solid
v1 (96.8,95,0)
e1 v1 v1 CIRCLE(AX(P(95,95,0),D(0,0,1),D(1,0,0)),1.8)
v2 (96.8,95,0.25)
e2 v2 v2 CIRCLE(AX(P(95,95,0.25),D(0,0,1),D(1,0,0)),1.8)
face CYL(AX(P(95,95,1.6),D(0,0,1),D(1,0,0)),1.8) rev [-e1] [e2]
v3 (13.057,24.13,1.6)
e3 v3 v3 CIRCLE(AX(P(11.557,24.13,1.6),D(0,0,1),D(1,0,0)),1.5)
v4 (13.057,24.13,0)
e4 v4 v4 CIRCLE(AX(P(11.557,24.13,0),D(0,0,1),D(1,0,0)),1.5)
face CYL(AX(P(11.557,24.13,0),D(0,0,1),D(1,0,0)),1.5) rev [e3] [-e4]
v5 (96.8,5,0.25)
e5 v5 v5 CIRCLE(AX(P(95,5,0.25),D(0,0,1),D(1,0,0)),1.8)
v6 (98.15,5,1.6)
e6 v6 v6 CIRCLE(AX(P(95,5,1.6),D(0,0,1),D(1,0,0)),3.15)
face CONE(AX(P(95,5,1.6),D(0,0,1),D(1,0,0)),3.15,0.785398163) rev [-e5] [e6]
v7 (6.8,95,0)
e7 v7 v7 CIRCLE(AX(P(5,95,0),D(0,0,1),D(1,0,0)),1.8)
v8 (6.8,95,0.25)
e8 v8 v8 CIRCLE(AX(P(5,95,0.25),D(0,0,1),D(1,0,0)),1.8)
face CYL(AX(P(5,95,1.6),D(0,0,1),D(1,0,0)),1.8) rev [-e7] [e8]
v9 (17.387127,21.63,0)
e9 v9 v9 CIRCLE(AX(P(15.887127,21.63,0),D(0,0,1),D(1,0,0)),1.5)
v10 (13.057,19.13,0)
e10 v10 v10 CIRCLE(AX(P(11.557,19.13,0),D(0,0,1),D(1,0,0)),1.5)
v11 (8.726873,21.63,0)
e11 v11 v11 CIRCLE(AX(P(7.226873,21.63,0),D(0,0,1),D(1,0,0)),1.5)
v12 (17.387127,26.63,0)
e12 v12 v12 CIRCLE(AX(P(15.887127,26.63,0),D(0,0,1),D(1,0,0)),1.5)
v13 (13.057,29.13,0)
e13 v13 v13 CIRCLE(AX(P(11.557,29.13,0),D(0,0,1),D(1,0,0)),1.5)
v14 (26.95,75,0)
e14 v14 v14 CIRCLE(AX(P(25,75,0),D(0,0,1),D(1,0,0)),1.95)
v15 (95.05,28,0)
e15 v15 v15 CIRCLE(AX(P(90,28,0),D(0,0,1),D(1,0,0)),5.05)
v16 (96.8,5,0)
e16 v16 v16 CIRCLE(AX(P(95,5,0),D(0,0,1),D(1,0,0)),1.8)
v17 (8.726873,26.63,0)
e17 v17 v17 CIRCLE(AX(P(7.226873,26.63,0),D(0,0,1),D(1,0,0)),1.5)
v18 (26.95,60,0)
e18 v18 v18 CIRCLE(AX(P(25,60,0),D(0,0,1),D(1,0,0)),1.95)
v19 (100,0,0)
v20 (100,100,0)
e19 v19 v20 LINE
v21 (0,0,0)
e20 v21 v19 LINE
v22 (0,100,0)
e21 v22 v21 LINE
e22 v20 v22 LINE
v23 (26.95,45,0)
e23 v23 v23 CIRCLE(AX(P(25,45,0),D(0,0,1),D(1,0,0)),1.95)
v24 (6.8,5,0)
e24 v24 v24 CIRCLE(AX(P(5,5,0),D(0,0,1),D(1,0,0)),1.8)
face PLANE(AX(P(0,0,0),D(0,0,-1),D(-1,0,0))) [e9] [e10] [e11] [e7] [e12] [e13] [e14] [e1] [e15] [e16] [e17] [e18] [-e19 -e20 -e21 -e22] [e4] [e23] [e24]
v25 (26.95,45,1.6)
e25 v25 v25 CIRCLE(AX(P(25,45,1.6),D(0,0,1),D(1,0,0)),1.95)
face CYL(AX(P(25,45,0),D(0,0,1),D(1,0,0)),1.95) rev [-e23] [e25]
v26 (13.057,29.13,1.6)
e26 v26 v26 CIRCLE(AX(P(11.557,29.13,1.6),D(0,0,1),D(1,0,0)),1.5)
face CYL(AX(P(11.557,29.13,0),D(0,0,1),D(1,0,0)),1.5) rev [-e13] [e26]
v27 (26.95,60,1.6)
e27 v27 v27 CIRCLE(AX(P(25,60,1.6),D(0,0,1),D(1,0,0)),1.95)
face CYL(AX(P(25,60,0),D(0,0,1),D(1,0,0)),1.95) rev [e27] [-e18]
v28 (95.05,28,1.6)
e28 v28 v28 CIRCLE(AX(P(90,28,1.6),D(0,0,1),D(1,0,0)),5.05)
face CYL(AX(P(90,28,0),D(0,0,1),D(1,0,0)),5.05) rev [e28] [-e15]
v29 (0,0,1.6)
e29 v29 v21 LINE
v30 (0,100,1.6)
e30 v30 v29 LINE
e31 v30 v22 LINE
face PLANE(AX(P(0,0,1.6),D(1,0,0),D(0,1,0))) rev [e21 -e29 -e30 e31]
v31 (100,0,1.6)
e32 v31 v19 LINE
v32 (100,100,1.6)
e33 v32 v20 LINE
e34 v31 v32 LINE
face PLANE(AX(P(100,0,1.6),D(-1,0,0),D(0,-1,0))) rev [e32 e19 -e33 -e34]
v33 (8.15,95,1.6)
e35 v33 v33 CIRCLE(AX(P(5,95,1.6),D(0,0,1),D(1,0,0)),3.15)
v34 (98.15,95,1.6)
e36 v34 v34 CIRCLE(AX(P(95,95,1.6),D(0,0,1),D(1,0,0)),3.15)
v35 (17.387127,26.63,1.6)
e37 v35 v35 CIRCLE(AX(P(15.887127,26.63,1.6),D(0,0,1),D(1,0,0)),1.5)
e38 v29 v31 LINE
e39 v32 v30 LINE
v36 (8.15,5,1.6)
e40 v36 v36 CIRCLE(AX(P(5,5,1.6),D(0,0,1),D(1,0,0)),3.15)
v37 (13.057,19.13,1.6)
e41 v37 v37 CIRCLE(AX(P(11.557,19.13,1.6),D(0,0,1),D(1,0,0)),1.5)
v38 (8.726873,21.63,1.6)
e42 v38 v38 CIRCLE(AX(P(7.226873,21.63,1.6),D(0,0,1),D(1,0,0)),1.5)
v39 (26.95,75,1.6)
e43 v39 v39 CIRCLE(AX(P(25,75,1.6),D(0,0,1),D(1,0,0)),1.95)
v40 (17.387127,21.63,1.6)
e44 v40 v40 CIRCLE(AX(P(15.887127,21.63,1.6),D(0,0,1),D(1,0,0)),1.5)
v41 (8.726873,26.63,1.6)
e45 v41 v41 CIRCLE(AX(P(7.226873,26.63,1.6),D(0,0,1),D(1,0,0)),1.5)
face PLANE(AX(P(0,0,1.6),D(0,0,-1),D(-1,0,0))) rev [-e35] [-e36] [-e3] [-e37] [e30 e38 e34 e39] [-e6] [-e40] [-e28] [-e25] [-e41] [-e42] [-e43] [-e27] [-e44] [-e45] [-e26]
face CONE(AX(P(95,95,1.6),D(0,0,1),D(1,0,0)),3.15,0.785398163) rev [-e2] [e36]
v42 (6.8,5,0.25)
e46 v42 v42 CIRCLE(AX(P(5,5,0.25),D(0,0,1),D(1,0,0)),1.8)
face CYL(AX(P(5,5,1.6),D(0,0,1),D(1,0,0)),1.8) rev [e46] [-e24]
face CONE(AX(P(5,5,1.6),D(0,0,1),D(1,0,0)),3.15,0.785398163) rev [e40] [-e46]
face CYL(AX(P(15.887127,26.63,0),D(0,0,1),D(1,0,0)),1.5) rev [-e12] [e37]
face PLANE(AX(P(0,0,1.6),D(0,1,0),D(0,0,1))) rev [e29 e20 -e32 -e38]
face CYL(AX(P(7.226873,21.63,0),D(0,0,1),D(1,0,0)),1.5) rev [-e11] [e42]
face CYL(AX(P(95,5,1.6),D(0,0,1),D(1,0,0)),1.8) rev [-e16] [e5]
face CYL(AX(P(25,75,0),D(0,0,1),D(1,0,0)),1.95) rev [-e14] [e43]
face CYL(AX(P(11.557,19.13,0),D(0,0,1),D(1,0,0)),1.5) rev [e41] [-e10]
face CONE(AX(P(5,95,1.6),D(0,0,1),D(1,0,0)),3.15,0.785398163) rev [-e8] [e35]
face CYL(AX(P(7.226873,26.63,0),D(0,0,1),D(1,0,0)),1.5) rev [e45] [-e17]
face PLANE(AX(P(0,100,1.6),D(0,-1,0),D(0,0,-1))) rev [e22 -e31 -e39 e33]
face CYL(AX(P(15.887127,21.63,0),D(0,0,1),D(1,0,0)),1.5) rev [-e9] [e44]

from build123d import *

# Parameters (mm, degrees)
ESQUISSE1_W                                 = 100
ESQUISSE1_H                                 = 100
BOSS_EXTRU_1_DEPTH                          = 1.6
FRAISAGE_POUR_VIS_T_TE_FRAIS_E_M31_AT_COUNT = 2
FRAISAGE_POUR_VIS_T_TE_FRAIS_E_M31_AT_PITCH = 90
FRAISAGE_POUR_VIS_T_TE_FRAIS_E_M31_2_COUNT  = 2
FRAISAGE_POUR_VIS_T_TE_FRAIS_E_M31_2_PITCH  = 127.279220614
FRAISAGE_POUR_VIS_T_TE_FRAIS_E_M31_3_COUNT  = 2
FRAISAGE_POUR_VIS_T_TE_FRAIS_E_M31_3_PITCH  = 90
ESQUISSE4_R                                 = 5.05
ESQUISSE4_R_2                               = 1.5
ESQUISSE4_R_3                               = 1.95
ENL_V_MAT_EXTRU_1_DEPTH                     = 2.6


with BuildPart() as part:
    # Esquisse1 → Boss.-Extru.1 (new body)
    with BuildSketch(Plane.XY):
        with Locations((50, 50)):
            Rectangle(ESQUISSE1_W, ESQUISSE1_H)
    extrude(amount=BOSS_EXTRU_1_DEPTH)

    # Esquisse3 → Fraisage pour vis à tête fraisée M31 (revolve, cut)
    with BuildSketch(Plane(origin=(5, 95, 1.6), x_dir=(0, -1, 0), z_dir=(1, 0, 0))):
        Polygon((0, 0), (0, 1.6), (1.8, 1.6), (1.8, 1.35), (3.15, 0), align=None)
    fraisage_pour_vis_t_te_frais_e_m31 = revolve(axis=Axis((5, 95, 7.95), (0, 0, -1)), mode=Mode.SUBTRACT)

    # Fraisage pour vis à tête fraisée M31 at: Fraisage pour vis à tête fraisée M31 ×2
    with Locations(*[(i * FRAISAGE_POUR_VIS_T_TE_FRAIS_E_M31_AT_PITCH, 0, 0) for i in range(1, FRAISAGE_POUR_VIS_T_TE_FRAIS_E_M31_AT_COUNT)]):
        add(fraisage_pour_vis_t_te_frais_e_m31, mode=Mode.SUBTRACT)

    # Fraisage pour vis _ t_te frais_e M31 2: Fraisage pour vis à tête fraisée M31 ×2
    with Locations(*[Vector(0.707106781, -0.707106781, 0) * (i * FRAISAGE_POUR_VIS_T_TE_FRAIS_E_M31_2_PITCH) for i in range(1, FRAISAGE_POUR_VIS_T_TE_FRAIS_E_M31_2_COUNT)]):
        add(fraisage_pour_vis_t_te_frais_e_m31, mode=Mode.SUBTRACT)

    # Fraisage pour vis _ t_te frais_e M31 3: Fraisage pour vis à tête fraisée M31 ×2
    with Locations(*[(0, -i * FRAISAGE_POUR_VIS_T_TE_FRAIS_E_M31_3_PITCH, 0) for i in range(1, FRAISAGE_POUR_VIS_T_TE_FRAIS_E_M31_3_COUNT)]):
        add(fraisage_pour_vis_t_te_frais_e_m31, mode=Mode.SUBTRACT)

    # Esquisse4 → Enlèv. mat.-Extru.1 (cut, through all)
    with BuildSketch(Plane.XY.offset(1.6)):
        with Locations((90, 28)):
            Circle(ESQUISSE4_R)
        with Locations((11.557, 24.13)):
            Circle(ESQUISSE4_R_2)
        with Locations((11.557, 29.13)):
            Circle(ESQUISSE4_R_2)
        with Locations((15.887127019, 26.63)):
            Circle(ESQUISSE4_R_2)
        with Locations((15.887127019, 21.63)):
            Circle(ESQUISSE4_R_2)
        with Locations((11.557, 19.13)):
            Circle(ESQUISSE4_R_2)
        with Locations((7.226872981, 21.63)):
            Circle(ESQUISSE4_R_2)
        with Locations((7.226872981, 26.63)):
            Circle(ESQUISSE4_R_2)
        with Locations((25, 75)):
            Circle(ESQUISSE4_R_3)
        with Locations((25, 60)):
            Circle(ESQUISSE4_R_3)
        with Locations((25, 45)):
            Circle(ESQUISSE4_R_3)
    extrude(amount=-ENL_V_MAT_EXTRU_1_DEPTH, mode=Mode.SUBTRACT)


solid = part.part
